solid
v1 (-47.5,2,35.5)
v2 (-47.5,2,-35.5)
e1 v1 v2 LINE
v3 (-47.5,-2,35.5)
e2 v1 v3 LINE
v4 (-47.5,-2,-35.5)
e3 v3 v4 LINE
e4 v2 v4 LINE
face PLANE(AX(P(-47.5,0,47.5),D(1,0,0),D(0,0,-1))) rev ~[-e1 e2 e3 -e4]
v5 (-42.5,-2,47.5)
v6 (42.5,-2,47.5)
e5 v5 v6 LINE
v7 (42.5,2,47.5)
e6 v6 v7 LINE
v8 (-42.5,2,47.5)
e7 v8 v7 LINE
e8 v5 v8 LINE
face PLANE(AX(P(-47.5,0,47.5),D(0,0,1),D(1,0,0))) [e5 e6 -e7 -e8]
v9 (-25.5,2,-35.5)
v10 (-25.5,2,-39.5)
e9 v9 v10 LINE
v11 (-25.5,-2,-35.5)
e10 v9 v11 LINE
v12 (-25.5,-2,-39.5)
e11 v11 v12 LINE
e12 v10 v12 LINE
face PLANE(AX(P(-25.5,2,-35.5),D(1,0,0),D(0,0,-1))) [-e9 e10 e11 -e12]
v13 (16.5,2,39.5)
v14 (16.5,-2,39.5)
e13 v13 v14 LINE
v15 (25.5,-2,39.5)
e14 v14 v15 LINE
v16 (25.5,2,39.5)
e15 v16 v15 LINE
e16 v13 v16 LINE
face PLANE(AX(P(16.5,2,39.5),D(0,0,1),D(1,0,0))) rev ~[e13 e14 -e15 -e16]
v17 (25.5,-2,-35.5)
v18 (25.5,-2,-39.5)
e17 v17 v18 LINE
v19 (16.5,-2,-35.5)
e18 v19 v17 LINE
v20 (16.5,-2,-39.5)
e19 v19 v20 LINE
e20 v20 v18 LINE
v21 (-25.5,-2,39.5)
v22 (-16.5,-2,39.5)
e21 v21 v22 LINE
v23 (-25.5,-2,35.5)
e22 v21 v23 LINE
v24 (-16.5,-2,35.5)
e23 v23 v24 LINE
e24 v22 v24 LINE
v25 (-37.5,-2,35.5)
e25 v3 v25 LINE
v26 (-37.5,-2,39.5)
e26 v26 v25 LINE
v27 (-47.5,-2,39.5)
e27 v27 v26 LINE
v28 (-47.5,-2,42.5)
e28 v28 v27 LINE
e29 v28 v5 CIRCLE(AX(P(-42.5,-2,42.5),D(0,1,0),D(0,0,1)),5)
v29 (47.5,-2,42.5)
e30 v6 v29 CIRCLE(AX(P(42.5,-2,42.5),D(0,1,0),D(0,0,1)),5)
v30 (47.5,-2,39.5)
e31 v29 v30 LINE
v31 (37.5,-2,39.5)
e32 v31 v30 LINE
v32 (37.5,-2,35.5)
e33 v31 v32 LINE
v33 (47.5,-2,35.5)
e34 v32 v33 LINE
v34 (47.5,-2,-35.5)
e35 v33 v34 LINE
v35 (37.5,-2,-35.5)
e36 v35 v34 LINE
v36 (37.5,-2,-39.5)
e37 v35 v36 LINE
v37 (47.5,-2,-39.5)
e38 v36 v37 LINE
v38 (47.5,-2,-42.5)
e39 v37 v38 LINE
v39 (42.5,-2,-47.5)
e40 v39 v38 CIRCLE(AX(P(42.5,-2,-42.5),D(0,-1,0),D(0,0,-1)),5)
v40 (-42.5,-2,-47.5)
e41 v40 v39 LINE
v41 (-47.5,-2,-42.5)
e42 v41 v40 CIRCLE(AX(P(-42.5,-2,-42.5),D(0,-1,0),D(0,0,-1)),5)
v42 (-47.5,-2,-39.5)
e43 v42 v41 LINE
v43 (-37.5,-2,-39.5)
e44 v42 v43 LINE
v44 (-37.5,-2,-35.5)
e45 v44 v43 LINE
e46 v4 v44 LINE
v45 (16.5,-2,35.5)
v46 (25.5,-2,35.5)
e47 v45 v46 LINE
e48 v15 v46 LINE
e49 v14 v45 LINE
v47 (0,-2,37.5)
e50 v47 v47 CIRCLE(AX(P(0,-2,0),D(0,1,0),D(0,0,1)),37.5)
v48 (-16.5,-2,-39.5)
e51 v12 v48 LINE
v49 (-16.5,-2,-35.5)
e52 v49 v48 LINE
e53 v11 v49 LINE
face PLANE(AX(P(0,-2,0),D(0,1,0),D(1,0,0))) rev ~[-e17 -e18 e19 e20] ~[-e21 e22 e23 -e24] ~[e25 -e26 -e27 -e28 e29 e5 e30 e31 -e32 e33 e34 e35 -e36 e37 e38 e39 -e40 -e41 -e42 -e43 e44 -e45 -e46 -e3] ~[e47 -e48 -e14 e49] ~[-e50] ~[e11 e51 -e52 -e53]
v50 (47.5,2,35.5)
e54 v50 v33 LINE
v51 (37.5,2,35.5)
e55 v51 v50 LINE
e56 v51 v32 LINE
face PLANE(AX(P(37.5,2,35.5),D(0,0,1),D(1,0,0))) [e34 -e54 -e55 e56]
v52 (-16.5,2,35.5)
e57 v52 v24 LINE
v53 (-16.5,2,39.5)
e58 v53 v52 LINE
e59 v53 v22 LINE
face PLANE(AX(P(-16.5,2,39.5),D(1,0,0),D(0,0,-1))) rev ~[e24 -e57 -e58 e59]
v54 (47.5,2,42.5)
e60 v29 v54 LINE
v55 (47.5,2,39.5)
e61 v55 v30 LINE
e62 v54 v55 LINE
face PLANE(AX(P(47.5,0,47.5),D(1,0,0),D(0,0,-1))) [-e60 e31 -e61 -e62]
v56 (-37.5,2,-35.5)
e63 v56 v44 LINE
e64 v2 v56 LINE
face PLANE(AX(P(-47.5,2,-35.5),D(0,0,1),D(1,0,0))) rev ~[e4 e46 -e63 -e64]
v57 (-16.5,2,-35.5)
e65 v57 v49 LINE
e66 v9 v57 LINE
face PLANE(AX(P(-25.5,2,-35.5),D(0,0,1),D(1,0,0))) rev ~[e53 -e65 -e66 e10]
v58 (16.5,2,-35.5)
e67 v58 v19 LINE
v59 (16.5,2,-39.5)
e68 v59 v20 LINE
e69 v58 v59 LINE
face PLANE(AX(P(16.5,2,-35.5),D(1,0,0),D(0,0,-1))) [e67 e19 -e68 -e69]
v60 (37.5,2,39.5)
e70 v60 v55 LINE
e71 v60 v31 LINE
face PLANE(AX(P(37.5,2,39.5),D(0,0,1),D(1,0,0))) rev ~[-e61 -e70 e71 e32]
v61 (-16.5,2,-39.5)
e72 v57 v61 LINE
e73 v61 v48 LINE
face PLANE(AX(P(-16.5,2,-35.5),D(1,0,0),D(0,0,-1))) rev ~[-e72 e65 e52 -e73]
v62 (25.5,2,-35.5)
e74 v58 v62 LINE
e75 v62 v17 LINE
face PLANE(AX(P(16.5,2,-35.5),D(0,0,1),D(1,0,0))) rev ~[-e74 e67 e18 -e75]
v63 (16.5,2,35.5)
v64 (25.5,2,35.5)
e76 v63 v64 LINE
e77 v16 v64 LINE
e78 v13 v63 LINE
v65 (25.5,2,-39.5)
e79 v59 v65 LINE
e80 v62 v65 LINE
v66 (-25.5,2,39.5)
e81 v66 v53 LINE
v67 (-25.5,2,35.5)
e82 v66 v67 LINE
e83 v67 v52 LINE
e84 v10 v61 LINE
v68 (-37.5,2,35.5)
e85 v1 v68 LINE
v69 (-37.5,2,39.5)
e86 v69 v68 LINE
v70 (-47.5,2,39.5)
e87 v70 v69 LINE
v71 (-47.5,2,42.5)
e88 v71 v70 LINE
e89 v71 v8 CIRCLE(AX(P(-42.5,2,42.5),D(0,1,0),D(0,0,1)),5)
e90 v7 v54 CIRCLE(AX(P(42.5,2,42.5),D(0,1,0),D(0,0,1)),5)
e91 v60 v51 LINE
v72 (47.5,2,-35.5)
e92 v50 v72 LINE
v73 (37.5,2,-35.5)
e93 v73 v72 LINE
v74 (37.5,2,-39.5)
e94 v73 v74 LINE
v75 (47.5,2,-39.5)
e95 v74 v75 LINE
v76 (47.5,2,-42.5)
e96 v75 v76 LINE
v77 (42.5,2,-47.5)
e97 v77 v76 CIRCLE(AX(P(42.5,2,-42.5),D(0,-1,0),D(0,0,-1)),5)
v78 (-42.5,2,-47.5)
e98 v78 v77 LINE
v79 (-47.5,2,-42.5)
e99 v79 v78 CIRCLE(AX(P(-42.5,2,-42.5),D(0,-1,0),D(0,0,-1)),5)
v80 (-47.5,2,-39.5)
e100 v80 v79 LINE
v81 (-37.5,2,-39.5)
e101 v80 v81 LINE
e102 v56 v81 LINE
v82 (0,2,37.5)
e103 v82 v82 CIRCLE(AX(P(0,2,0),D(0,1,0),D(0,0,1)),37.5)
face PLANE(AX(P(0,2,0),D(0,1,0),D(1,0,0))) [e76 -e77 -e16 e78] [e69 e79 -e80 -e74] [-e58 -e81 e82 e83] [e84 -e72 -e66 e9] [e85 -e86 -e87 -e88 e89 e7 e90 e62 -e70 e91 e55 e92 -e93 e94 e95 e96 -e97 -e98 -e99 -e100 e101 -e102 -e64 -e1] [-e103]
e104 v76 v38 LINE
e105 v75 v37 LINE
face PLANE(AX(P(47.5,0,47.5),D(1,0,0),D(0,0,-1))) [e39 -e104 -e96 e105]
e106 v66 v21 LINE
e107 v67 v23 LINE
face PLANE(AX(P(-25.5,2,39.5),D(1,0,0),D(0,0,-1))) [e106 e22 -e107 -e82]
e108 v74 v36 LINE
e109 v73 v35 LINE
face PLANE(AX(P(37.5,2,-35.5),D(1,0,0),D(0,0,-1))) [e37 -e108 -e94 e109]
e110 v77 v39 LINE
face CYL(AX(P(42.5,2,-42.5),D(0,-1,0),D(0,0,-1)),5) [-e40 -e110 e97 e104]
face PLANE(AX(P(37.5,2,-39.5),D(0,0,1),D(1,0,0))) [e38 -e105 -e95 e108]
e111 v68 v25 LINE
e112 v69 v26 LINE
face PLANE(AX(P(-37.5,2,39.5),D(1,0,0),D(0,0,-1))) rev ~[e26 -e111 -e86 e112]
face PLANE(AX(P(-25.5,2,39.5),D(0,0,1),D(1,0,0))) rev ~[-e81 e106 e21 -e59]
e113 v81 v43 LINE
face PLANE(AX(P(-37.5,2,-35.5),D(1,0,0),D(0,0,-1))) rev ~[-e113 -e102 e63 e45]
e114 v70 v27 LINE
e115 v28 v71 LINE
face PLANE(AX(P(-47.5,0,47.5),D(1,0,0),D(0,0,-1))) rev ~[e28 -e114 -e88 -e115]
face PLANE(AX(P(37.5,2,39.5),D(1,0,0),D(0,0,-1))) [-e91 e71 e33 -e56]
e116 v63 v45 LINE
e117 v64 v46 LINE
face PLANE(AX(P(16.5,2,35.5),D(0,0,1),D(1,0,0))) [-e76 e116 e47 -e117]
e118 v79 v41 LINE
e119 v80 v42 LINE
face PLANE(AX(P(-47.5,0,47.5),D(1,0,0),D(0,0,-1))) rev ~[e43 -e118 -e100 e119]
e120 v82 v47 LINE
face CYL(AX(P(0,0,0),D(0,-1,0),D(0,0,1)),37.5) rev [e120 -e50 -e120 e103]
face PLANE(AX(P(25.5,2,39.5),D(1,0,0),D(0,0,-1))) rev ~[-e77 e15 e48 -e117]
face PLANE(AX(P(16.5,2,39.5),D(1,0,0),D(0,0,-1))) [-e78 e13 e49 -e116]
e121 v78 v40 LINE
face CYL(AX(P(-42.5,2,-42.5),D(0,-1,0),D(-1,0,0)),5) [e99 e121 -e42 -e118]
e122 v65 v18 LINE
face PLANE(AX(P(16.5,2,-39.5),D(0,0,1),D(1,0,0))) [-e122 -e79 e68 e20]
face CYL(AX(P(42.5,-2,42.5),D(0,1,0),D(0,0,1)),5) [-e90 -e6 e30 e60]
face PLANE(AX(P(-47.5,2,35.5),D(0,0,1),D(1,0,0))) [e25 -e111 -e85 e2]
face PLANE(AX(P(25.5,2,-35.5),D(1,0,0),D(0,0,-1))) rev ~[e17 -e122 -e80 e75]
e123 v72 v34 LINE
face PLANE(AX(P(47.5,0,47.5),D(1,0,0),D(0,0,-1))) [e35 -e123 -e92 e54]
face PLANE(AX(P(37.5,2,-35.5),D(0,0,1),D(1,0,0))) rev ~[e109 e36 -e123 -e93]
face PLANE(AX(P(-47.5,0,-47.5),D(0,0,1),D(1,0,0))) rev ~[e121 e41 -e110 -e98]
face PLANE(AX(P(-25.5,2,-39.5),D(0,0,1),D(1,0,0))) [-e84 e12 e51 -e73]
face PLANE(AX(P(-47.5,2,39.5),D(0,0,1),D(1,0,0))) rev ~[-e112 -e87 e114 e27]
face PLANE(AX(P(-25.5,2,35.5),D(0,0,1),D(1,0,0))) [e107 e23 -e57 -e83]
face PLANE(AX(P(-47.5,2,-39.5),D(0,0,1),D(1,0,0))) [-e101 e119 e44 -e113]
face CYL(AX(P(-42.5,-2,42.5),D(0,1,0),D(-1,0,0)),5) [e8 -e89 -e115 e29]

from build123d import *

# Parameters (mm, degrees)
SKETCH1_W           = 95
SKETCH1_H           = 95
SKETCH1_R           = 37.5
BOSS_EXTRUDE1_DEPTH = 2
SKETCH3_W           = 10
SKETCH3_H           = 4
SKETCH3_W_2         = 9
CUT_EXTRUDE5_DEPTH  = 68.294130502
FILLET1_R           = 5


with BuildPart() as part:
    # Sketch1 → Boss-Extrude1 (new, symmetric)
    with BuildSketch(Plane(origin=(0, 0, 0), x_dir=(1, 0, 0), z_dir=(0, 1, 0))):
        Rectangle(SKETCH1_W, SKETCH1_H)
        Circle(SKETCH1_R, mode=Mode.SUBTRACT)
    extrude(amount=BOSS_EXTRUDE1_DEPTH, both=True)

    # Sketch3 → Cut-Extrude5 (cut, through all)
    with BuildSketch(Plane(origin=(0, 2, 0), x_dir=(1, 0, 0), z_dir=(0, 1, 0))):
        with Locations((-42.5, -37.5)):
            Rectangle(SKETCH3_W, SKETCH3_H)
        with Locations((-42.5, 37.5)):
            Rectangle(SKETCH3_W, SKETCH3_H)
        with Locations((21, 37.5)):
            Rectangle(SKETCH3_W_2, SKETCH3_H)
        with Locations((42.5, -37.5)):
            Rectangle(SKETCH3_W, SKETCH3_H)
        with Locations((42.5, 37.5)):
            Rectangle(SKETCH3_W, SKETCH3_H)
        with Locations((21, -37.5)):
            Rectangle(SKETCH3_W_2, SKETCH3_H)
        with Locations((-21, -37.5)):
            Rectangle(SKETCH3_W_2, SKETCH3_H)
        with Locations((-21, 37.5)):
            Rectangle(SKETCH3_W_2, SKETCH3_H)
    extrude(amount=-CUT_EXTRUDE5_DEPTH, mode=Mode.SUBTRACT)

    # Fillet1
    fillet1_edges = [part.edges().sort_by_distance(p)[0] for p in [
        (-47.5, 0, 47.5),
        (47.5, 0, 47.5),
        (47.5, 0, -47.5),
        (-47.5, 0, -47.5),
    ]]
    fillet(fillet1_edges, radius=FILLET1_R)


solid = part.part
